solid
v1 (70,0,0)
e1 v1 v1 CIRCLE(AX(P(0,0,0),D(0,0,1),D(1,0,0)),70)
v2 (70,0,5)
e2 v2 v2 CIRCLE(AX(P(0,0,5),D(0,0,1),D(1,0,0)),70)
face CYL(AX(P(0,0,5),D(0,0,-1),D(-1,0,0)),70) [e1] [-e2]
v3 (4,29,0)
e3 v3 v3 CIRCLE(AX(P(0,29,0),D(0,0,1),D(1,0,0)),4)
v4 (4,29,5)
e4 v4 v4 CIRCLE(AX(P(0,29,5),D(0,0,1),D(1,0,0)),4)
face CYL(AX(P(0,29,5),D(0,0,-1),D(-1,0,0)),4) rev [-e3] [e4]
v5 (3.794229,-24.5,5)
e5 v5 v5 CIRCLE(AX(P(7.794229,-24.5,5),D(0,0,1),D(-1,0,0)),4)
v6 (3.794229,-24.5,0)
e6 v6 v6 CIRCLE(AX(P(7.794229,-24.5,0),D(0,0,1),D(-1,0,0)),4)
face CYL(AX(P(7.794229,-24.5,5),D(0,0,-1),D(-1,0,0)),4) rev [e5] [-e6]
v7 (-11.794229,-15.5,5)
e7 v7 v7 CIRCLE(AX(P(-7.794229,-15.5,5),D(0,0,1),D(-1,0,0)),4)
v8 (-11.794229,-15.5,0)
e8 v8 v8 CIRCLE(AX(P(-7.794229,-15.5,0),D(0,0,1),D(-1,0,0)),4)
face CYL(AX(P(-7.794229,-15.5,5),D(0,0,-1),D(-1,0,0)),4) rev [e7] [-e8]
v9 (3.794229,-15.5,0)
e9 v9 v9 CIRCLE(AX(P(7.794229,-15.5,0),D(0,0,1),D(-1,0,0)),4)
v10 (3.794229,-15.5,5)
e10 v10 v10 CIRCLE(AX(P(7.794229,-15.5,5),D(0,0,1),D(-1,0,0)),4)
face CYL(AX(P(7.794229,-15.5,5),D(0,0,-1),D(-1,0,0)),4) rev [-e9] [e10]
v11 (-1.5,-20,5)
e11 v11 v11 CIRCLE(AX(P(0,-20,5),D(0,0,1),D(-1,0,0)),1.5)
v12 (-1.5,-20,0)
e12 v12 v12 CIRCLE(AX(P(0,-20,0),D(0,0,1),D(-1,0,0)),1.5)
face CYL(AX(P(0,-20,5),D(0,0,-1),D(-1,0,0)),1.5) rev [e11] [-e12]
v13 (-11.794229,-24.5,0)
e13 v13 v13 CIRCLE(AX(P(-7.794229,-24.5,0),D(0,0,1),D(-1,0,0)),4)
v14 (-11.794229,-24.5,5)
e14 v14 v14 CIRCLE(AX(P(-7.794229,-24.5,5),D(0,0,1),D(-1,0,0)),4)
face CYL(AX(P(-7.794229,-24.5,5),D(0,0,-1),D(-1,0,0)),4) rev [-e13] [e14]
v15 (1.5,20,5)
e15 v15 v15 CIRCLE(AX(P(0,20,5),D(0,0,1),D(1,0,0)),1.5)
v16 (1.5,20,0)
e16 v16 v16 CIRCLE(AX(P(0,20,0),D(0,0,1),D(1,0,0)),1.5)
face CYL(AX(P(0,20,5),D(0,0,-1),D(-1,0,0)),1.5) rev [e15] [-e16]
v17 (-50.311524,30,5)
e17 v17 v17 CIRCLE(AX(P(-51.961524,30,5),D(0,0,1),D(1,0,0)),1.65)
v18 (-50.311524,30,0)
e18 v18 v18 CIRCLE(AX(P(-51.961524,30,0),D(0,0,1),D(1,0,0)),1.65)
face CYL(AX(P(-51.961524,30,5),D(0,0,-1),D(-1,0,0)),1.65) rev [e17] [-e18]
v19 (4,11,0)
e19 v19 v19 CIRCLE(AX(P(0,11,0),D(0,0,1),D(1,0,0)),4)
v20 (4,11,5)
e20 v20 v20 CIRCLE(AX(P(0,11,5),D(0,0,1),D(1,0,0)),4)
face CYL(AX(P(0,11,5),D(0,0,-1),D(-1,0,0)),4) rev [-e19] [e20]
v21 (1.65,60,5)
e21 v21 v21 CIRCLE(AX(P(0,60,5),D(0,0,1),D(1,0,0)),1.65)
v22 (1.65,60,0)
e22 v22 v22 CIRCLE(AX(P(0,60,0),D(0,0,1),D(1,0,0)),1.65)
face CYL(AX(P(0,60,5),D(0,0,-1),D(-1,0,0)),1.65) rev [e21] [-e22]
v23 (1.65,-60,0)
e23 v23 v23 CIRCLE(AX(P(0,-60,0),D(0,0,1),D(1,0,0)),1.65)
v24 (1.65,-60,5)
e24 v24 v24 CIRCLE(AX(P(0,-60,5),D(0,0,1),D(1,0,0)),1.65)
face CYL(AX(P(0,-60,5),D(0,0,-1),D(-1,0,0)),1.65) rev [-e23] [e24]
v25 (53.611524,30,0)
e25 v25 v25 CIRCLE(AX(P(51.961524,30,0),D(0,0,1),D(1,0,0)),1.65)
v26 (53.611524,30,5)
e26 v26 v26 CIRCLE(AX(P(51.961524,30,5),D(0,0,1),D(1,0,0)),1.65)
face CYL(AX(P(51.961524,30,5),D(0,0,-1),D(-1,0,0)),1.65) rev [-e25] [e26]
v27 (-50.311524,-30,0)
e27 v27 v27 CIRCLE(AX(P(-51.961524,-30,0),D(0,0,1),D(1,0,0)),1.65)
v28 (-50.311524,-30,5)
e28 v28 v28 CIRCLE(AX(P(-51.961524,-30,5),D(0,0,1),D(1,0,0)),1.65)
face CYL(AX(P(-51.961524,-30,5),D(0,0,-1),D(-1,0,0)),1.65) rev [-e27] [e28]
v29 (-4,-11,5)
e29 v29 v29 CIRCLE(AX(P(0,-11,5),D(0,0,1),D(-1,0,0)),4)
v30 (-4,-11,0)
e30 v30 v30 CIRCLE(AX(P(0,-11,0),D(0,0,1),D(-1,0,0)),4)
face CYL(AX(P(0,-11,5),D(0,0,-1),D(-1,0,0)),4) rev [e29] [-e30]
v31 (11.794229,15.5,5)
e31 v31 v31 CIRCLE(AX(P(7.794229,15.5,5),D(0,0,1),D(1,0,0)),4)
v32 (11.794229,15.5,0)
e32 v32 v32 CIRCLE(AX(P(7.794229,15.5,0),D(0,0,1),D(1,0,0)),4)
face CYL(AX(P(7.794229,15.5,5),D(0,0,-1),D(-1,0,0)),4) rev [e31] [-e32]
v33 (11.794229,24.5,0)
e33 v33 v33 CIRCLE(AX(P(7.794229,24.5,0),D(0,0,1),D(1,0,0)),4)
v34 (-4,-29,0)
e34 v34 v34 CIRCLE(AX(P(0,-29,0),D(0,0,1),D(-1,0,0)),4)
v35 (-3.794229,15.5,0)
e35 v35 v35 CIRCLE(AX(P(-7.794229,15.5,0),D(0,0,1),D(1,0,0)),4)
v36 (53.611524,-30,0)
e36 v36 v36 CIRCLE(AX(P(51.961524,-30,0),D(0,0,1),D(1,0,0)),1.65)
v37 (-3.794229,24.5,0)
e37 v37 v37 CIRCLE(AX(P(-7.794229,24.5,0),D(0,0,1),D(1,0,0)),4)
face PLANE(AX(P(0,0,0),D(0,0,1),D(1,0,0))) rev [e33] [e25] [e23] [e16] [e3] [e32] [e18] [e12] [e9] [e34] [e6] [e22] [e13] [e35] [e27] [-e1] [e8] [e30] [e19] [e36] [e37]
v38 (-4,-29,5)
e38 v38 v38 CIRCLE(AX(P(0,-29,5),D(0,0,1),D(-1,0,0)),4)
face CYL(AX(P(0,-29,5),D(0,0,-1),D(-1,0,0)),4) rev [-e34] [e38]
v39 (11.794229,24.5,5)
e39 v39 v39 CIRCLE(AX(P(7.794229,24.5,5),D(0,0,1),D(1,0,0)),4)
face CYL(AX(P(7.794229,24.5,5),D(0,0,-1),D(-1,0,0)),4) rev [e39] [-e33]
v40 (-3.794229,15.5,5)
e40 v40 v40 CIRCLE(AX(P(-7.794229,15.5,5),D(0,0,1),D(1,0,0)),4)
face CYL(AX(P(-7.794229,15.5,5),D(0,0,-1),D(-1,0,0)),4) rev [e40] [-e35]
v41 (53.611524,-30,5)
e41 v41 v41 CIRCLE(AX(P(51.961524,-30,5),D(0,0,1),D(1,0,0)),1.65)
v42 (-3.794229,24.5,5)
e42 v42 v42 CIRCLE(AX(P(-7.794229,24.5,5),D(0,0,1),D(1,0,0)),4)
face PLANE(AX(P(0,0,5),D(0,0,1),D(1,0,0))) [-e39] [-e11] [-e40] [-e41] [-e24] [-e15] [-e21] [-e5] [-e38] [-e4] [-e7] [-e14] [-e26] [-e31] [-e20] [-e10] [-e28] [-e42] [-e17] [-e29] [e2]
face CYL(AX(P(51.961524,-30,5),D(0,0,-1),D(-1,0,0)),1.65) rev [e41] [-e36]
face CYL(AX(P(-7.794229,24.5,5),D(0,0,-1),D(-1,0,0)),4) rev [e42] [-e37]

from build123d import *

# Parameters (mm, degrees)
SKETCH1_R           = 70
SKETCH1_R_2         = 1.65
SKETCH1_R_3         = 4
SKETCH1_R_4         = 1.5
BOSS_EXTRUDE1_DEPTH = 5


with BuildPart() as part:
    # Sketch1 → Boss-Extrude1 (new body)
    with BuildSketch(Plane.XY):
        Circle(SKETCH1_R)
        with Locations((0, 60)):
            Circle(SKETCH1_R_2, mode=Mode.SUBTRACT)
        with Locations((51.961524227, 30)):
            Circle(SKETCH1_R_2, mode=Mode.SUBTRACT)
        with Locations((51.961524227, -30)):
            Circle(SKETCH1_R_2, mode=Mode.SUBTRACT)
        with Locations((0, -60)):
            Circle(SKETCH1_R_2, mode=Mode.SUBTRACT)
        with Locations((-51.961524227, -30)):
            Circle(SKETCH1_R_2, mode=Mode.SUBTRACT)
        with Locations((-51.961524227, 30)):
            Circle(SKETCH1_R_2, mode=Mode.SUBTRACT)
        with Locations((0, 29)):
            Circle(SKETCH1_R_3, mode=Mode.SUBTRACT)
        with Locations((7.794228634, 24.5)):
            Circle(SKETCH1_R_3, mode=Mode.SUBTRACT)
        with Locations((7.794228634, 15.5)):
            Circle(SKETCH1_R_3, mode=Mode.SUBTRACT)
        with Locations((0, 11)):
            Circle(SKETCH1_R_3, mode=Mode.SUBTRACT)
        with Locations((-7.794228634, 15.5)):
            Circle(SKETCH1_R_3, mode=Mode.SUBTRACT)
        with Locations((-7.794228634, 24.5)):
            Circle(SKETCH1_R_3, mode=Mode.SUBTRACT)
        with Locations((0, 20)):
            Circle(SKETCH1_R_4, mode=Mode.SUBTRACT)
        with Locations(Location((7.794228634, -15.5, 0), (0, 0, 180))):
            Circle(SKETCH1_R_3, mode=Mode.SUBTRACT)
        with Locations(Location((0, -11, 0), (0, 0, 180))):
            Circle(SKETCH1_R_3, mode=Mode.SUBTRACT)
        with Locations(Location((-7.794228634, -15.5, 0), (0, 0, 180))):
            Circle(SKETCH1_R_3, mode=Mode.SUBTRACT)
        with Locations(Location((0, -20, 0), (0, 0, 180))):
            Circle(SKETCH1_R_4, mode=Mode.SUBTRACT)
        with Locations(Location((-7.794228634, -24.5, 0), (0, 0, 180))):
            Circle(SKETCH1_R_3, mode=Mode.SUBTRACT)
        with Locations(Location((0, -29, 0), (0, 0, 180))):
            Circle(SKETCH1_R_3, mode=Mode.SUBTRACT)
        with Locations(Location((7.794228634, -24.5, 0), (0, 0, 180))):
            Circle(SKETCH1_R_3, mode=Mode.SUBTRACT)
    extrude(amount=BOSS_EXTRUDE1_DEPTH)


solid = part.part
